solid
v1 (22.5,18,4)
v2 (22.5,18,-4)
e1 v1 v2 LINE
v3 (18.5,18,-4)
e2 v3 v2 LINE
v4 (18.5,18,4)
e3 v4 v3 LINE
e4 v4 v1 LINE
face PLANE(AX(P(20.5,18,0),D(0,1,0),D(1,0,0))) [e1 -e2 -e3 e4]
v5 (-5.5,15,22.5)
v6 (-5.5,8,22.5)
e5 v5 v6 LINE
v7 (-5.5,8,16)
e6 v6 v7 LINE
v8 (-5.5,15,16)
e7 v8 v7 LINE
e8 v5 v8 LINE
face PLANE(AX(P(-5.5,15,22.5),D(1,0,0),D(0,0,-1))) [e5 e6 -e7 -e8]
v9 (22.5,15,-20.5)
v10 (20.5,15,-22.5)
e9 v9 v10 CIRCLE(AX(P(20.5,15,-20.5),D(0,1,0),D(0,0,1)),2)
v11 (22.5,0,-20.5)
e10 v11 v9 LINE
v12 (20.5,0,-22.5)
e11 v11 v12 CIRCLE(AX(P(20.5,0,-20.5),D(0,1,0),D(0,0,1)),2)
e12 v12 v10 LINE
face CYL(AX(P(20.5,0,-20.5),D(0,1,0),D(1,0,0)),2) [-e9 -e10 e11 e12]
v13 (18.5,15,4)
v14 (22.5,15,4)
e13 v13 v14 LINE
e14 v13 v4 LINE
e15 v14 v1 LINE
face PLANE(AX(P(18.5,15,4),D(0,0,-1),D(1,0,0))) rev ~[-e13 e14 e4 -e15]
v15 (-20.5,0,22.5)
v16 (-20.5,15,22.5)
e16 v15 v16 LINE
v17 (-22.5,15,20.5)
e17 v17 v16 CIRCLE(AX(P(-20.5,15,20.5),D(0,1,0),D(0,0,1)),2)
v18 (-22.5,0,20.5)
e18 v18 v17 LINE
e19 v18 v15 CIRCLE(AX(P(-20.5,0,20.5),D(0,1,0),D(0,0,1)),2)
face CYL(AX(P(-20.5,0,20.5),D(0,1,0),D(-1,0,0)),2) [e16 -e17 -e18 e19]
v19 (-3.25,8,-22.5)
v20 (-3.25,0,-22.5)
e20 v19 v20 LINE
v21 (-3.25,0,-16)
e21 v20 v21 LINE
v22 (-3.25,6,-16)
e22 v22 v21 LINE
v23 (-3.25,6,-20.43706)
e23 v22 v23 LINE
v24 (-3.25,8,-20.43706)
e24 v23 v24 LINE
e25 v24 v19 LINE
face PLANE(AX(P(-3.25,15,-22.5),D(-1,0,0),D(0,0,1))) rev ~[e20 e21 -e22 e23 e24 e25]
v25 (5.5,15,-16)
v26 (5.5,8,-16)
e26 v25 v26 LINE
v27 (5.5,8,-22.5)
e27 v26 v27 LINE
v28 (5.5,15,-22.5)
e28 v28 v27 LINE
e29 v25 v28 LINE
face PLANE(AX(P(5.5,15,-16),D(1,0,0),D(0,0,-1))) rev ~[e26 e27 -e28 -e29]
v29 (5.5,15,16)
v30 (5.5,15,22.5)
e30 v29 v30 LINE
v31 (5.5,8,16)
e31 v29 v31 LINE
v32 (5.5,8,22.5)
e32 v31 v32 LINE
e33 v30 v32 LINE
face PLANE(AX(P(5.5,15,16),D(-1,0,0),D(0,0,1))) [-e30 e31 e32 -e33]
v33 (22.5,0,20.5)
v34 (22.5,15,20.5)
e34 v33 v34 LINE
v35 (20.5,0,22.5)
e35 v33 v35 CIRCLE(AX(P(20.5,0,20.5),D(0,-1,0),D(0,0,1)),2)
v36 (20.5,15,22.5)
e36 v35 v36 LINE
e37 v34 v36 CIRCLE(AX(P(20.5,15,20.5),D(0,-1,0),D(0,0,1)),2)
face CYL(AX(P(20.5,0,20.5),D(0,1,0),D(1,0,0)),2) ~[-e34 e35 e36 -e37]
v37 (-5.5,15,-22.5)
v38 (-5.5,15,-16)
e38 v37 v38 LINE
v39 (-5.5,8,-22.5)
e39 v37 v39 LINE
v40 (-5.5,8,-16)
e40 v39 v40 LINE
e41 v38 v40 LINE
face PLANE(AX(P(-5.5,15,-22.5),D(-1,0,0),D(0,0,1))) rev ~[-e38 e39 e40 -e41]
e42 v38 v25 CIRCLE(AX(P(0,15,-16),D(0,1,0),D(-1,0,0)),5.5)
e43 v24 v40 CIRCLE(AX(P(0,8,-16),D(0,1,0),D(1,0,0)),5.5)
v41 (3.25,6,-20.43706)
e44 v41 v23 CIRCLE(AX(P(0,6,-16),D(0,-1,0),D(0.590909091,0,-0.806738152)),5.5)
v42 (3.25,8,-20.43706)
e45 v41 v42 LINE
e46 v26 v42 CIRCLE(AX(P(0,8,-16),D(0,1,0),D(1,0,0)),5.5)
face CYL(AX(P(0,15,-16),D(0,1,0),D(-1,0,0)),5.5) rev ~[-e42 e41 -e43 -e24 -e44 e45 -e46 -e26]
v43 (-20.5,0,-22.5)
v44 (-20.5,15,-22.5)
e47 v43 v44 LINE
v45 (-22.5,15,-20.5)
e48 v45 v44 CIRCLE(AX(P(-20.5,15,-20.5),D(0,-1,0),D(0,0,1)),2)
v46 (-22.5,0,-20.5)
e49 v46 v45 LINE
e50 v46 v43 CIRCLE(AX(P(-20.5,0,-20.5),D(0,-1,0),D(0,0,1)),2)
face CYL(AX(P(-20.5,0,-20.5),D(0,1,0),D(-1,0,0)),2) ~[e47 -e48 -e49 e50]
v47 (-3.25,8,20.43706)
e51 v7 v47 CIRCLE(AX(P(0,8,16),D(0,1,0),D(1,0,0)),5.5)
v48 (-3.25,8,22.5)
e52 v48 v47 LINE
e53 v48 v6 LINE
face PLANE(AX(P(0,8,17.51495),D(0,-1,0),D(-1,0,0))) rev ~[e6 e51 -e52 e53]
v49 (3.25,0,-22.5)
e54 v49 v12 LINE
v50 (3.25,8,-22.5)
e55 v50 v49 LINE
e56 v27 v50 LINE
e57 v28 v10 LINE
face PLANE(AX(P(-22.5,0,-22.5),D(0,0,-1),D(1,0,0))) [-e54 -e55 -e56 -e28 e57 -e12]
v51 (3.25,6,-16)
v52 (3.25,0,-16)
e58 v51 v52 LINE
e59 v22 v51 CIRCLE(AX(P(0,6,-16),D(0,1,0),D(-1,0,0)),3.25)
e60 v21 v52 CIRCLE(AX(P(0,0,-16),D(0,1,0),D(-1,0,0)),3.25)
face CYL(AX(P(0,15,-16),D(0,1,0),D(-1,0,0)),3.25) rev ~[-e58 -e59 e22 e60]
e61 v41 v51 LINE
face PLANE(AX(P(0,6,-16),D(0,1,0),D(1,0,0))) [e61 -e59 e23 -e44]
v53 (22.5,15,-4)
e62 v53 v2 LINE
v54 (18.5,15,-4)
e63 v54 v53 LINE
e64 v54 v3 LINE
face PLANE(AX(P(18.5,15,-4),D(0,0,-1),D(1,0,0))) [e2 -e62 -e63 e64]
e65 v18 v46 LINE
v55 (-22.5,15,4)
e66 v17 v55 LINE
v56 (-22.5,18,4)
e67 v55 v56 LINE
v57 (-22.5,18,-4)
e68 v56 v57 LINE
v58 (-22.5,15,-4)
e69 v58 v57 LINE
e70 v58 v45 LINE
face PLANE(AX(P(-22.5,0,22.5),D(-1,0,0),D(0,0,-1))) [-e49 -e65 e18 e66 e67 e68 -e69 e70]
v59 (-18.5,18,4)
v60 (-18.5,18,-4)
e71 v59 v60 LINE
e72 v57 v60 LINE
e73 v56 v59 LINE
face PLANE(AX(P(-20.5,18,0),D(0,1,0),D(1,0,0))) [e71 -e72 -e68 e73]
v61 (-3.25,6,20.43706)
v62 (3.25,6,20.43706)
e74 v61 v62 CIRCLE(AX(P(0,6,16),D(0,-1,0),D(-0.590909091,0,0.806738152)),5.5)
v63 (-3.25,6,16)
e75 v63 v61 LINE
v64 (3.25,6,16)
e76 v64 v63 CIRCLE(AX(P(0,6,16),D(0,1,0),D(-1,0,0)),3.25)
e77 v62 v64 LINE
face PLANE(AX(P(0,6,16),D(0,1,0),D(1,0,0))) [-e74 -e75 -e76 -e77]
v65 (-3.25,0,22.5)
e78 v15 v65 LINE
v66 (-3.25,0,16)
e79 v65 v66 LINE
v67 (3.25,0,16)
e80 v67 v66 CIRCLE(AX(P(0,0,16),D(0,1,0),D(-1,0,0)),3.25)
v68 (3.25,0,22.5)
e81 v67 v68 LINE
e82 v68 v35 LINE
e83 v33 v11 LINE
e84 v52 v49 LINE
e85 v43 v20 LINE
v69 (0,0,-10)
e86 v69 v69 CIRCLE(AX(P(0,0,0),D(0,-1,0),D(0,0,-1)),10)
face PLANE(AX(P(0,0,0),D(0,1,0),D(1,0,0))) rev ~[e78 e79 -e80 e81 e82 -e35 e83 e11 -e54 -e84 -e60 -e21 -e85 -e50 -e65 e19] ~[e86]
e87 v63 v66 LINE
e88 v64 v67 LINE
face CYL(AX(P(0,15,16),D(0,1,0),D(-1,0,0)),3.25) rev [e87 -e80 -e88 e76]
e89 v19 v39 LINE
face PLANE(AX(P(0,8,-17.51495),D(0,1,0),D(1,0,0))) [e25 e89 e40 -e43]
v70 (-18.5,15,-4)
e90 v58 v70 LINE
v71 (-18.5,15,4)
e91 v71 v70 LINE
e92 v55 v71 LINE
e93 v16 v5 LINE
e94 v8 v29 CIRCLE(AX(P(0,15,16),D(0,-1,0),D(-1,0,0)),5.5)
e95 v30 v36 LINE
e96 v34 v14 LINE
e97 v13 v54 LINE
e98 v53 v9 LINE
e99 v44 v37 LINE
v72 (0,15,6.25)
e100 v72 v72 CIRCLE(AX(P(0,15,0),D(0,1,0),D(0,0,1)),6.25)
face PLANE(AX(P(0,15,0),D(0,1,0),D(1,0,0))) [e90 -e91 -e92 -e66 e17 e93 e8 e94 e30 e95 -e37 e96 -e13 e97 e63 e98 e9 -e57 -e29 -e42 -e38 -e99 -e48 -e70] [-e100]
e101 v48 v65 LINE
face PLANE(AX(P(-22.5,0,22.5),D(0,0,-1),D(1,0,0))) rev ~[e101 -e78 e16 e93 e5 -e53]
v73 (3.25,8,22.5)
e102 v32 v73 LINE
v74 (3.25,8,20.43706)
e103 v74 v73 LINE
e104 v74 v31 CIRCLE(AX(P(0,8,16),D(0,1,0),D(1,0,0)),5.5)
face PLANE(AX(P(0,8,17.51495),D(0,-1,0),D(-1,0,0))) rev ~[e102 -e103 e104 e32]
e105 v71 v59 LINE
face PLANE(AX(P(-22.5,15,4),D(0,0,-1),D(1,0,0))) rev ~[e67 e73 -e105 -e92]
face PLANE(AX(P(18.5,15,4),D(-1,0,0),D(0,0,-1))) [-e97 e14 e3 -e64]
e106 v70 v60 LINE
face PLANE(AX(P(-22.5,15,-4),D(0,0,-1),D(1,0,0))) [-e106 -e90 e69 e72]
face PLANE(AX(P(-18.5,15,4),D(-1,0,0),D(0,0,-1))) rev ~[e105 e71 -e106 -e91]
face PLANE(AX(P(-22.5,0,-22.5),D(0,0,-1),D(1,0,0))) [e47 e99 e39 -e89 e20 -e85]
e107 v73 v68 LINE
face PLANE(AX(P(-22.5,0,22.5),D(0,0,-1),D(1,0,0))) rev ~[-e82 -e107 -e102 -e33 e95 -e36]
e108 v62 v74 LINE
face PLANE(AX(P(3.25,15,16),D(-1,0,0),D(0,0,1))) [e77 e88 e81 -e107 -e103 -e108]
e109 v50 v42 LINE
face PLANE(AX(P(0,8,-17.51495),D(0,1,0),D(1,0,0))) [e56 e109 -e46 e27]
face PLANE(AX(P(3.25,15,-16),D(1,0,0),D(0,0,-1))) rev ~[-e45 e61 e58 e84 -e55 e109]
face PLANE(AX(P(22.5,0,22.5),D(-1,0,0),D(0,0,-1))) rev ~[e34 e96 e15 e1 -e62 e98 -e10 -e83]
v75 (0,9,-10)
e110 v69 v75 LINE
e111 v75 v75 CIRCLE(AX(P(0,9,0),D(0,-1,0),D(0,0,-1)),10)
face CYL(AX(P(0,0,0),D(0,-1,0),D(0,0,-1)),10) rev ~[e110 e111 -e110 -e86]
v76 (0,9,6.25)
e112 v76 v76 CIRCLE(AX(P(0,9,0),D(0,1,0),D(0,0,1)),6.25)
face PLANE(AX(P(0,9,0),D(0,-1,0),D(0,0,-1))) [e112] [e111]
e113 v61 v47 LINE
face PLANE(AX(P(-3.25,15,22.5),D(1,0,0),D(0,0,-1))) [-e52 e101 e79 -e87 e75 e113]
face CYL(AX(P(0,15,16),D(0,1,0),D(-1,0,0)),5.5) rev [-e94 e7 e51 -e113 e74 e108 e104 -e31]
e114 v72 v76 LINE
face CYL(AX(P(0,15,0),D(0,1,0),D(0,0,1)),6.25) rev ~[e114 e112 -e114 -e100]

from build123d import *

# Parameters (mm, degrees)
SKETCH_1_W          = 45
SKETCH_1_H          = 45
EXTRUDE_1_DEPTH     = 15
SKETCH_2_W          = 4
SKETCH_2_H          = 8
EXTRUDE_2_DEPTH     = 3
SKETCH_3_R          = 6.25
CUT_EXTRUDE_1_DEPTH = 16
SKETCH_4_R          = 10
CUT_EXTRUDE_2_DEPTH = 9
CUT_EXTRUDE_3_DEPTH = 7
SKETCH_6_R          = 5.5
CUT_EXTRUDE_4_DEPTH = 2
FILLET_1_R          = 2


with BuildPart() as part:
    # Эскиз1 → Бобышка-Вытянуть1 (new body)
    with BuildSketch(Plane(origin=(0, 0, 0), x_dir=(1, 0, 0), z_dir=(0, 1, 0))):
        Rectangle(SKETCH_1_W, SKETCH_1_H)
    extrude(amount=EXTRUDE_1_DEPTH)

    # Эскиз2 → Бобышка-Вытянуть2 (add)
    with BuildSketch(Plane(origin=(0, 15, 0), x_dir=(1, 0, 0), z_dir=(0, 1, 0))):
        with Locations((-20.5, 0)):
            Rectangle(SKETCH_2_W, SKETCH_2_H)
        with Locations((20.5, 0)):
            Rectangle(SKETCH_2_W, SKETCH_2_H)
    extrude(amount=EXTRUDE_2_DEPTH)

    # Эскиз3 → Вырез-Вытянуть1 (cut, through all)
    with BuildSketch(Plane(origin=(0, 15, 0), x_dir=(1, 0, 0), z_dir=(0, 1, 0))):
        with Locations(Location((0, 0, 0), (0, 0, 270))):  # turned: the seam where the file's is
            Circle(SKETCH_3_R)
        with BuildLine():
            Line((-3.25, -22.5), (-3.25, -16))
            ThreePointArc((-3.25, -16), (0, -12.75), (3.25, -16))
            Line((3.25, -16), (3.25, -22.5))
            Line((3.25, -22.5), (-3.25, -22.5))
        make_face()
        with BuildLine():
            Line((3.25, 16), (3.25, 22.5))
            Line((3.25, 22.5), (-3.25, 22.5))
            Line((-3.25, 22.5), (-3.25, 16))
            ThreePointArc((-3.25, 16), (0, 12.75), (3.25, 16))
        make_face()
    extrude(amount=-CUT_EXTRUDE_1_DEPTH, mode=Mode.SUBTRACT)

    # Эскиз4 → Вырез-Вытянуть2 (cut)
    with BuildSketch(Plane.XZ):
        with Locations(Location((0, 0, 0), (0, 0, 270))):  # turned: the seam where the file's is
            Circle(SKETCH_4_R)
    extrude(amount=-CUT_EXTRUDE_2_DEPTH, mode=Mode.SUBTRACT)

    # Эскиз5 → Вырез-Вытянуть3 (cut)
    with BuildSketch(Plane(origin=(0, 15, 0), x_dir=(1, 0, 0), z_dir=(0, 1, 0))):
        with BuildLine():
            Line((-5.5, -22.5), (-5.5, -16))
            ThreePointArc((-5.5, -16), (0, -10.5), (5.5, -16))
            Line((5.5, -16), (5.5, -22.5))
            Line((5.5, -22.5), (-5.5, -22.5))
        make_face()
        with BuildLine():
            Line((5.5, 16), (5.5, 22.5))
            Line((5.5, 22.5), (-5.5, 22.5))
            Line((-5.5, 22.5), (-5.5, 16))
            ThreePointArc((-5.5, 16), (0, 10.5), (5.5, 16))
        make_face()
    extrude(amount=-CUT_EXTRUDE_3_DEPTH, mode=Mode.SUBTRACT)

    # Эскиз6 → Вырез-Вытянуть4 (cut)
    with BuildSketch(Plane(origin=(0, 8, 0), x_dir=(1, 0, 0), z_dir=(0, 1, 0))):
        with Locations((0, -16)):
            Circle(SKETCH_6_R)
        with Locations((0, 16)):
            Circle(SKETCH_6_R)
    extrude(amount=-CUT_EXTRUDE_4_DEPTH, mode=Mode.SUBTRACT)

    # Скругление1
    fillet_1_edges = [part.edges().sort_by_distance(p)[0] for p in [
        (-22.5, 7.5, -22.5),
        (22.5, 7.5, -22.5),
        (22.5, 7.5, 22.5),
        (-22.5, 7.5, 22.5),
    ]]
    fillet(fillet_1_edges, radius=FILLET_1_R)


solid = part.part
